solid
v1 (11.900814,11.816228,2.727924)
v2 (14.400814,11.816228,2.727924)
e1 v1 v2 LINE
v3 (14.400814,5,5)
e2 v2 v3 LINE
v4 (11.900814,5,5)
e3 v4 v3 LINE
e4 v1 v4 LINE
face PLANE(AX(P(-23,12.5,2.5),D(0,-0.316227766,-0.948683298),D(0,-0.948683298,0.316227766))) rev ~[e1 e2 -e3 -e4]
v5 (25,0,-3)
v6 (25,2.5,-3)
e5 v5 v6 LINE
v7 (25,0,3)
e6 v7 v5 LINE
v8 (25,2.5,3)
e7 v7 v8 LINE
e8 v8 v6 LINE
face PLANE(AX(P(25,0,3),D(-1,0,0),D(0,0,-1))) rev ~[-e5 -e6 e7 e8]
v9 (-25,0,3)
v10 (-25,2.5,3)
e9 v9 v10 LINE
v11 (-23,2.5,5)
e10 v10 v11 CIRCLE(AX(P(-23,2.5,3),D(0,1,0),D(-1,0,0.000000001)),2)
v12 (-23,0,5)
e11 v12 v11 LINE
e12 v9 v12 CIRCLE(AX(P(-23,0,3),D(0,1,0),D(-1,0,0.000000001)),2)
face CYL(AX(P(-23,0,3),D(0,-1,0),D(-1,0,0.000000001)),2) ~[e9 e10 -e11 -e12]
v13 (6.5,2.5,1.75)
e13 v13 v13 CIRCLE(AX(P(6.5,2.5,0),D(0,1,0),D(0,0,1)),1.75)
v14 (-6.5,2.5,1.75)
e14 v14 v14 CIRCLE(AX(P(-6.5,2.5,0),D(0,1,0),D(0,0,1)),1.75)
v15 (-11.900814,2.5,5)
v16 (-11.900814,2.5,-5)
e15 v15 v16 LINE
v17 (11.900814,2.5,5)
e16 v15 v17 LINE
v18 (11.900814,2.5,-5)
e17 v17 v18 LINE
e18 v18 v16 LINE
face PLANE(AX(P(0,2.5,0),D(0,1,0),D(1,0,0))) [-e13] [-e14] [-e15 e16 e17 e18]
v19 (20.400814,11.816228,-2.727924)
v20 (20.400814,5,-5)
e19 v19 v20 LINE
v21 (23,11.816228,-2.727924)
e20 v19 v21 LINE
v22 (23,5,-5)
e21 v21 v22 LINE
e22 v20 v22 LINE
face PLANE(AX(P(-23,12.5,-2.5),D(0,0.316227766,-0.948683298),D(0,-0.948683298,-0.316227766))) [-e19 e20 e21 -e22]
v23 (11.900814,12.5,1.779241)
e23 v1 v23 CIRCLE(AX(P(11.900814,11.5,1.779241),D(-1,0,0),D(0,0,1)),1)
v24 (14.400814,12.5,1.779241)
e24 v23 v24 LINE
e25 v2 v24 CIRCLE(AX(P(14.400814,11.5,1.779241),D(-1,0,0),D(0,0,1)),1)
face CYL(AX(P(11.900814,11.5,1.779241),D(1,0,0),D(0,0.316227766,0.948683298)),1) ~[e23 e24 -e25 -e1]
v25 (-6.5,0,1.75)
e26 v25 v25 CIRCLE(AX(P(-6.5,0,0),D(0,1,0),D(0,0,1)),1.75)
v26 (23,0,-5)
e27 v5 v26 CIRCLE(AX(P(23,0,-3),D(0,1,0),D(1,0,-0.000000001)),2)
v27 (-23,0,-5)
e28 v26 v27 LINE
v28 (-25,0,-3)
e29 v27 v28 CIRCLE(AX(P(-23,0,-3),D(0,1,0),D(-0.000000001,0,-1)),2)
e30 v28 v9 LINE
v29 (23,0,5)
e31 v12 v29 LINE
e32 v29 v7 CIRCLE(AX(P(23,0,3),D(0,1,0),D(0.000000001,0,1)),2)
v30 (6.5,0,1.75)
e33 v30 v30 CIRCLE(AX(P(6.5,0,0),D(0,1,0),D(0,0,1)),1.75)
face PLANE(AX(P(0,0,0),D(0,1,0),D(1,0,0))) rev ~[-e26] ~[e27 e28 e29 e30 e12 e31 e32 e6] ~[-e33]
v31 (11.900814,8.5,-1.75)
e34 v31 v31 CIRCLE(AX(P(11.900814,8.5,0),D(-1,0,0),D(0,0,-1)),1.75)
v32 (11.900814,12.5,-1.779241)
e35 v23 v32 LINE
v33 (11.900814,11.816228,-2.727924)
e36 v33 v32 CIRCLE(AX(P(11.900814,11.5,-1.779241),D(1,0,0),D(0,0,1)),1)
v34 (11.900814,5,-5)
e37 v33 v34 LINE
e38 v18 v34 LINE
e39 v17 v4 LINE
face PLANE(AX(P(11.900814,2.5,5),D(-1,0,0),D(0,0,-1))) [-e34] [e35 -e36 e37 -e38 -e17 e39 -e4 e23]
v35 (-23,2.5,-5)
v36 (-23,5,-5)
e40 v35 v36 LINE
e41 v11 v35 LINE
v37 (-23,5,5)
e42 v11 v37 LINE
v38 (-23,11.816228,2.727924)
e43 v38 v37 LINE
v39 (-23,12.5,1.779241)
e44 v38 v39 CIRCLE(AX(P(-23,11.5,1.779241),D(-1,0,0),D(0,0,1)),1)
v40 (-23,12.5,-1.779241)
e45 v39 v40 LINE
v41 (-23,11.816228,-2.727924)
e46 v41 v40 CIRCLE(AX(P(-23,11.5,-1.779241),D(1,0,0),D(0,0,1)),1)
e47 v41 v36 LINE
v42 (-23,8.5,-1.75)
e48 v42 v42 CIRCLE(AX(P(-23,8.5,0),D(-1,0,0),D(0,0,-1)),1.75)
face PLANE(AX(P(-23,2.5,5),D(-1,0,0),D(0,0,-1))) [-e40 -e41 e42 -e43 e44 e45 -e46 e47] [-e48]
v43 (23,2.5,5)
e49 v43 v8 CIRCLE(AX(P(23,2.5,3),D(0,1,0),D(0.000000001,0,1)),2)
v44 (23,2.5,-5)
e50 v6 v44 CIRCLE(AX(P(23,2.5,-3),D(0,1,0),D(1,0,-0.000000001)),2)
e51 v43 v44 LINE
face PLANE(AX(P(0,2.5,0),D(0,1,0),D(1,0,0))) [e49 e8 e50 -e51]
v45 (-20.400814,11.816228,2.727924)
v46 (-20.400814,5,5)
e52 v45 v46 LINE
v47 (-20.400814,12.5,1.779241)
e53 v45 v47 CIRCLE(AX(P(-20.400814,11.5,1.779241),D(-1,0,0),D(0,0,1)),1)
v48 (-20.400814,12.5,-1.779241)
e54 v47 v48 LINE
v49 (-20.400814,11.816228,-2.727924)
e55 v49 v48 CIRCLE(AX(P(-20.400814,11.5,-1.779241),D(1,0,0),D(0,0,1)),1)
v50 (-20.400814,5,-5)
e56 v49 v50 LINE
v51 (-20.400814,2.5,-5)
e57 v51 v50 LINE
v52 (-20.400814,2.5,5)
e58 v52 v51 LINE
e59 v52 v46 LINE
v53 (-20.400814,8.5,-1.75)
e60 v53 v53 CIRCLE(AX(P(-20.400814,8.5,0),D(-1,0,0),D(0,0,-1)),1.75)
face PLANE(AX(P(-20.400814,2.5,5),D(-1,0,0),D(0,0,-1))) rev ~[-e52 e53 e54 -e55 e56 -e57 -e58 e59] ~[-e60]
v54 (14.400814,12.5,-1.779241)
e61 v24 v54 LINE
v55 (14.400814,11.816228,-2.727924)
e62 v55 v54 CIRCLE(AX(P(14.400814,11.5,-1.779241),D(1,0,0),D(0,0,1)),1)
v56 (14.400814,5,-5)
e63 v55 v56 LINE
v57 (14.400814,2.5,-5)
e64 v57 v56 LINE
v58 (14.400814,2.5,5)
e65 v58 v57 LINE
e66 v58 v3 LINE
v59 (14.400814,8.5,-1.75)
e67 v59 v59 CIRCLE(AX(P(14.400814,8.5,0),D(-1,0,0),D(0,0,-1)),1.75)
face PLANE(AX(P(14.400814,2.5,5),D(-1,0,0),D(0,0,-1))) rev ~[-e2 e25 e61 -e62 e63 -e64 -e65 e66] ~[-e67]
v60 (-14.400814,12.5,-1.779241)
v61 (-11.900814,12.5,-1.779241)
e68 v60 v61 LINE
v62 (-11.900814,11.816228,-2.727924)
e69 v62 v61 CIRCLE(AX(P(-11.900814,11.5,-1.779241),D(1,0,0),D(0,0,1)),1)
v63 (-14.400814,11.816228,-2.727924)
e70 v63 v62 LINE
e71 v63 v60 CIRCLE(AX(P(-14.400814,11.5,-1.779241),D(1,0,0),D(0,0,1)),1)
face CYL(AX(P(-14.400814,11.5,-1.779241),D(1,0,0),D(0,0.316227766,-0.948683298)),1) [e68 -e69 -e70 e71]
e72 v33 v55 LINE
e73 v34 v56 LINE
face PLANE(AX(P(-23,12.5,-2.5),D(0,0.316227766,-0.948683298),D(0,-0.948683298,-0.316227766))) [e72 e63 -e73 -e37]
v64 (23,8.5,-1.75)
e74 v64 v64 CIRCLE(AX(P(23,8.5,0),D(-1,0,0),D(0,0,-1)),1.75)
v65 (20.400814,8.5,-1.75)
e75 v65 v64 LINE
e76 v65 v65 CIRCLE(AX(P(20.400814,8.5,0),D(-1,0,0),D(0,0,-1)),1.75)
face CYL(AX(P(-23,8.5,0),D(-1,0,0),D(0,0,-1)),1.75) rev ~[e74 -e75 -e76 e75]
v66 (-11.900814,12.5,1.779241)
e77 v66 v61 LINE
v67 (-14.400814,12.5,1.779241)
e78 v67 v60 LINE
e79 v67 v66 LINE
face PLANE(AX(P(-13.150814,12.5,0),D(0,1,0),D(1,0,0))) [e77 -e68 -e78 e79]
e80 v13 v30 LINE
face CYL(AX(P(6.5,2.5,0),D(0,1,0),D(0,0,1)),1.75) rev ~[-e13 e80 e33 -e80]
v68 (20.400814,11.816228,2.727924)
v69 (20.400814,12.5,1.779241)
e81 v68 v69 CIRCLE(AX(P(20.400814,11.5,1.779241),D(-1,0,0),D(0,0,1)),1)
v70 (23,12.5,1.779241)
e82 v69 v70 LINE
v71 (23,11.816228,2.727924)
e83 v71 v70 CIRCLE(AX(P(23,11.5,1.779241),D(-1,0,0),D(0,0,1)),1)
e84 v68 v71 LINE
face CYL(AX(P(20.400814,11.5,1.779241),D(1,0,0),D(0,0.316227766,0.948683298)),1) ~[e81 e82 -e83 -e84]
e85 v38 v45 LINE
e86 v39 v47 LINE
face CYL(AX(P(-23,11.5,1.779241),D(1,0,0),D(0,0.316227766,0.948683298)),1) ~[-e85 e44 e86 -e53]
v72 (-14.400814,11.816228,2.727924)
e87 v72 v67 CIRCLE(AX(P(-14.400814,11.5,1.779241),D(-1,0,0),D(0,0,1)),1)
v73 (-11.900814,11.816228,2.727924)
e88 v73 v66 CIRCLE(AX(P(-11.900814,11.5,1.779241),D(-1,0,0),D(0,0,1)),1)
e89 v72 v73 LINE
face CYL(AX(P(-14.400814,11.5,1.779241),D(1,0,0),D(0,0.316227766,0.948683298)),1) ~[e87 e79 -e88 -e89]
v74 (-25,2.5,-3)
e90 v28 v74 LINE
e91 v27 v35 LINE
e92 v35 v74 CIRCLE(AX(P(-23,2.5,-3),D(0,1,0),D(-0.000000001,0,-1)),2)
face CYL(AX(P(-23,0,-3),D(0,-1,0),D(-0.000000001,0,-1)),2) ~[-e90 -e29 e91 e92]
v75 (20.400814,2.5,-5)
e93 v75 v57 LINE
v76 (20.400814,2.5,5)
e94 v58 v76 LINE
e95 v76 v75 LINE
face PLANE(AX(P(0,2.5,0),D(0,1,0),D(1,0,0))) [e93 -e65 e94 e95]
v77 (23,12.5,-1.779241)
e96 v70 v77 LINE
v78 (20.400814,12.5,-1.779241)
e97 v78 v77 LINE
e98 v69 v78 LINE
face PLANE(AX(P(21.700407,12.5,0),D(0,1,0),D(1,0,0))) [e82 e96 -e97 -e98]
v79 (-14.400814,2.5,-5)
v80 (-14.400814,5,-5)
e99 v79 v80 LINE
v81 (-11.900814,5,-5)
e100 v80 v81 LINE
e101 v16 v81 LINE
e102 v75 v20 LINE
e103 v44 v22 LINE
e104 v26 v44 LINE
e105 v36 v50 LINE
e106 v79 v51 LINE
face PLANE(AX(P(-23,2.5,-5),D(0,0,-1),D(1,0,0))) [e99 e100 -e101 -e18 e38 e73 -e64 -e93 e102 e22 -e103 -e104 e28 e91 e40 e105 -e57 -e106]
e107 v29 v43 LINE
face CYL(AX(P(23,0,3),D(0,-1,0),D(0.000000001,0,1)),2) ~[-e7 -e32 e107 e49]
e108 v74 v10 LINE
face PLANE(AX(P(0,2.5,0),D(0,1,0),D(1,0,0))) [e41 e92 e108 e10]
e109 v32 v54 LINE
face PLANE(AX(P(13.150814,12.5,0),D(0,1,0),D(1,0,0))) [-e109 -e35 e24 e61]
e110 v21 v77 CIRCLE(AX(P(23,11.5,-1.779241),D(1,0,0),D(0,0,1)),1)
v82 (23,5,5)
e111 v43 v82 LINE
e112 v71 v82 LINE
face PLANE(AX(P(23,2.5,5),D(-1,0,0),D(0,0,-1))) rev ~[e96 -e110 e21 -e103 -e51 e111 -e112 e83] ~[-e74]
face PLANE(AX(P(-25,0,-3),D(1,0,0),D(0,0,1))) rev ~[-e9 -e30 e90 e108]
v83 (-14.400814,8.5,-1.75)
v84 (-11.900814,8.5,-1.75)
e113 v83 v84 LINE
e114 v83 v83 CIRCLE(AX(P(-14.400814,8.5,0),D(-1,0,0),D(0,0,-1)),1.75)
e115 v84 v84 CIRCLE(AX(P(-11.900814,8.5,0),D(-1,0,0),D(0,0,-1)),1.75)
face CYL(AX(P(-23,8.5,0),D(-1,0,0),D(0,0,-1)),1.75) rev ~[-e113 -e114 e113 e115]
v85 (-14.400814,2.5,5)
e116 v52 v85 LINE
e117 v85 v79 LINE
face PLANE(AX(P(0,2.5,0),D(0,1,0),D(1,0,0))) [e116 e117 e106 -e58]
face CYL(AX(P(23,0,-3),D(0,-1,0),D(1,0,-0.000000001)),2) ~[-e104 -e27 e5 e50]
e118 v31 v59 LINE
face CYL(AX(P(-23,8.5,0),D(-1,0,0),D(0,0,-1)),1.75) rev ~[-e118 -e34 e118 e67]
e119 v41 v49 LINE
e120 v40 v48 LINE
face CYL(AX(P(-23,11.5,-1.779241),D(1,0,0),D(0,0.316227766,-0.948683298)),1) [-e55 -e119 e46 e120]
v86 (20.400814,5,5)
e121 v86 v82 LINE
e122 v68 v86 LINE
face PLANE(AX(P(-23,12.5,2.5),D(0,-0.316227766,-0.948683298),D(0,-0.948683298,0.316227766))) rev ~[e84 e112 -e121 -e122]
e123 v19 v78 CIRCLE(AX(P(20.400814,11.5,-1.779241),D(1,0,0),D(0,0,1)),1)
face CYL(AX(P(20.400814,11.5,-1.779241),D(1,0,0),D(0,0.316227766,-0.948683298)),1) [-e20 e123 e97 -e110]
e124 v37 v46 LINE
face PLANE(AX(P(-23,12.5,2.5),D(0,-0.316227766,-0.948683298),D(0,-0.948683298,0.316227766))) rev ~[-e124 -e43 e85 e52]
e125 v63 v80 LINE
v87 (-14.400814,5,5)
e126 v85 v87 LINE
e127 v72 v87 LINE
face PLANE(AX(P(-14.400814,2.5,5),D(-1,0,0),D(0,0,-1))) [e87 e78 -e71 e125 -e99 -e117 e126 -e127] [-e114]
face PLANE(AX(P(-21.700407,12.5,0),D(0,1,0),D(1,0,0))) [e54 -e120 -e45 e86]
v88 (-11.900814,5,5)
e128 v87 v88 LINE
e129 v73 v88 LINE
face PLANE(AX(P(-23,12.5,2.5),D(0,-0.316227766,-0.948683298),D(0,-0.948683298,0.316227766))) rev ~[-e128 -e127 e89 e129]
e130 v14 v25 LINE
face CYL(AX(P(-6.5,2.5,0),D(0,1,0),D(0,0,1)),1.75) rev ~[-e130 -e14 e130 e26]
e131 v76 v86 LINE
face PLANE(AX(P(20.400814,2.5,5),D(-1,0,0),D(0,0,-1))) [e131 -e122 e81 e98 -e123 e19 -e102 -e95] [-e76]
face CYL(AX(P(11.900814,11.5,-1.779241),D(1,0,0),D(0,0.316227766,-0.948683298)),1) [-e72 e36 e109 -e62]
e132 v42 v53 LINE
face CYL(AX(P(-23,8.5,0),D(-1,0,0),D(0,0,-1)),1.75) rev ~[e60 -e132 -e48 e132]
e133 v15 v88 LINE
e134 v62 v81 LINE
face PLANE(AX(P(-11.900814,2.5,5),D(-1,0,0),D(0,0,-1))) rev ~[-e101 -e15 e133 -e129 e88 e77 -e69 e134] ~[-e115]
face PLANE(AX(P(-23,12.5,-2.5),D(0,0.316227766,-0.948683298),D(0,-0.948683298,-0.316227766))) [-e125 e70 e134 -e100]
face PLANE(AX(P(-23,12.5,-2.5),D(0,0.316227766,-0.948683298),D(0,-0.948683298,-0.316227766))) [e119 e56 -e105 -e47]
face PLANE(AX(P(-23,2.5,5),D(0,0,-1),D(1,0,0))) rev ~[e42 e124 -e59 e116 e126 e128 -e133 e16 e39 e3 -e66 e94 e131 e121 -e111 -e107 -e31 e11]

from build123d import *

# Parameters (mm, degrees)
EXTRUDE_1_DEPTH     = 2.5
SKETCH_3_W          = 2.599185832
SKETCH_3_H          = 10
SKETCH_3_W_2        = 2.5
EXTRUDE_2_DEPTH     = 10
CUT_EXTRUDE_1_DEPTH = 59
SKETCH_5_R          = 1.75
CUT_EXTRUDE_2_DEPTH = 59
FILLET_1_R          = 1
SKETCH_6_R          = 1.75
CUT_EXTRUDE_3_DEPTH = 59


with BuildPart() as part:
    # 草图1 → 凸台-拉伸1 (new body)
    with BuildSketch(Plane(origin=(0, 0, 0), x_dir=(1, 0, 0), z_dir=(0, 1, 0))):
        with BuildLine():
            Line((-23, -5), (23, -5))
            ThreePointArc((23, -5), (24.414213562, -4.414213562), (25, -3))
            Line((25, -3), (25, 3))
            ThreePointArc((25, 3), (24.414213562, 4.414213562), (23, 5))
            Line((23, 5), (-23, 5))
            ThreePointArc((-23, 5), (-24.414213562, 4.414213562), (-25, 3))
            Line((-25, 3), (-25, -3))
            ThreePointArc((-25, -3), (-24.414213562, -4.414213562), (-23, -5))
        make_face()
    extrude(amount=EXTRUDE_1_DEPTH)

    # 草图3 → 凸台-拉伸2 (add)
    with BuildSketch(Plane(origin=(0, 2.5, 0), x_dir=(1, 0, 0), z_dir=(0, 1, 0))):
        with Locations((-21.700407084, 0)):
            Rectangle(SKETCH_3_W, SKETCH_3_H)
        with Locations((-13.150814168, 0)):
            Rectangle(SKETCH_3_W_2, SKETCH_3_H)
        with Locations((13.150814168, 0)):
            Rectangle(SKETCH_3_W_2, SKETCH_3_H)
        with Locations((21.700407084, 0)):
            Rectangle(SKETCH_3_W, SKETCH_3_H)
    extrude(amount=EXTRUDE_2_DEPTH)

    # 草图4 → 切除-拉伸1 (cut)
    with BuildSketch(Plane.ZY.offset(23)):
        Polygon((-2.5, 12.5), (-5, 5), (-5, 12.5), align=None)
        Polygon((5, 5), (5, 12.5), (2.5, 12.5), align=None)
    extrude(amount=-CUT_EXTRUDE_1_DEPTH, mode=Mode.SUBTRACT)

    # 草图5 → 切除-拉伸2 (cut)
    with BuildSketch(Plane.ZY.offset(23)):
        with Locations(Location((0, 8.5, 0), (0, 0, 180))):
            Circle(SKETCH_5_R)
    extrude(amount=-CUT_EXTRUDE_2_DEPTH, mode=Mode.SUBTRACT)

    # 圆角1
    fillet_1_edges = [part.edges().sort_by_distance(p)[0] for p in [
        (-13.150814168, 12.5, -2.5),
        (13.150814168, 12.5, -2.5),
        (-21.700407084, 12.5, -2.5),
        (-13.150814168, 12.5, 2.5),
        (13.150814168, 12.5, 2.5),
        (-21.700407084, 12.5, 2.5),
        (21.700407084, 12.5, 2.5),
        (21.700407084, 12.5, -2.5),
    ]]
    fillet(fillet_1_edges, radius=FILLET_1_R)

    # 草图6 → 切除-拉伸3 (cut)
    with BuildSketch(Plane(origin=(0, 2.5, 0), x_dir=(1, 0, 0), z_dir=(0, 1, 0))):
        with Locations(Location((-6.5, 0, 0), (0, 0, 270))):
            Circle(SKETCH_6_R)
        with Locations(Location((6.5, 0, 0), (0, 0, 270))):
            Circle(SKETCH_6_R)
    extrude(amount=-CUT_EXTRUDE_3_DEPTH, mode=Mode.SUBTRACT)


solid = part.part
